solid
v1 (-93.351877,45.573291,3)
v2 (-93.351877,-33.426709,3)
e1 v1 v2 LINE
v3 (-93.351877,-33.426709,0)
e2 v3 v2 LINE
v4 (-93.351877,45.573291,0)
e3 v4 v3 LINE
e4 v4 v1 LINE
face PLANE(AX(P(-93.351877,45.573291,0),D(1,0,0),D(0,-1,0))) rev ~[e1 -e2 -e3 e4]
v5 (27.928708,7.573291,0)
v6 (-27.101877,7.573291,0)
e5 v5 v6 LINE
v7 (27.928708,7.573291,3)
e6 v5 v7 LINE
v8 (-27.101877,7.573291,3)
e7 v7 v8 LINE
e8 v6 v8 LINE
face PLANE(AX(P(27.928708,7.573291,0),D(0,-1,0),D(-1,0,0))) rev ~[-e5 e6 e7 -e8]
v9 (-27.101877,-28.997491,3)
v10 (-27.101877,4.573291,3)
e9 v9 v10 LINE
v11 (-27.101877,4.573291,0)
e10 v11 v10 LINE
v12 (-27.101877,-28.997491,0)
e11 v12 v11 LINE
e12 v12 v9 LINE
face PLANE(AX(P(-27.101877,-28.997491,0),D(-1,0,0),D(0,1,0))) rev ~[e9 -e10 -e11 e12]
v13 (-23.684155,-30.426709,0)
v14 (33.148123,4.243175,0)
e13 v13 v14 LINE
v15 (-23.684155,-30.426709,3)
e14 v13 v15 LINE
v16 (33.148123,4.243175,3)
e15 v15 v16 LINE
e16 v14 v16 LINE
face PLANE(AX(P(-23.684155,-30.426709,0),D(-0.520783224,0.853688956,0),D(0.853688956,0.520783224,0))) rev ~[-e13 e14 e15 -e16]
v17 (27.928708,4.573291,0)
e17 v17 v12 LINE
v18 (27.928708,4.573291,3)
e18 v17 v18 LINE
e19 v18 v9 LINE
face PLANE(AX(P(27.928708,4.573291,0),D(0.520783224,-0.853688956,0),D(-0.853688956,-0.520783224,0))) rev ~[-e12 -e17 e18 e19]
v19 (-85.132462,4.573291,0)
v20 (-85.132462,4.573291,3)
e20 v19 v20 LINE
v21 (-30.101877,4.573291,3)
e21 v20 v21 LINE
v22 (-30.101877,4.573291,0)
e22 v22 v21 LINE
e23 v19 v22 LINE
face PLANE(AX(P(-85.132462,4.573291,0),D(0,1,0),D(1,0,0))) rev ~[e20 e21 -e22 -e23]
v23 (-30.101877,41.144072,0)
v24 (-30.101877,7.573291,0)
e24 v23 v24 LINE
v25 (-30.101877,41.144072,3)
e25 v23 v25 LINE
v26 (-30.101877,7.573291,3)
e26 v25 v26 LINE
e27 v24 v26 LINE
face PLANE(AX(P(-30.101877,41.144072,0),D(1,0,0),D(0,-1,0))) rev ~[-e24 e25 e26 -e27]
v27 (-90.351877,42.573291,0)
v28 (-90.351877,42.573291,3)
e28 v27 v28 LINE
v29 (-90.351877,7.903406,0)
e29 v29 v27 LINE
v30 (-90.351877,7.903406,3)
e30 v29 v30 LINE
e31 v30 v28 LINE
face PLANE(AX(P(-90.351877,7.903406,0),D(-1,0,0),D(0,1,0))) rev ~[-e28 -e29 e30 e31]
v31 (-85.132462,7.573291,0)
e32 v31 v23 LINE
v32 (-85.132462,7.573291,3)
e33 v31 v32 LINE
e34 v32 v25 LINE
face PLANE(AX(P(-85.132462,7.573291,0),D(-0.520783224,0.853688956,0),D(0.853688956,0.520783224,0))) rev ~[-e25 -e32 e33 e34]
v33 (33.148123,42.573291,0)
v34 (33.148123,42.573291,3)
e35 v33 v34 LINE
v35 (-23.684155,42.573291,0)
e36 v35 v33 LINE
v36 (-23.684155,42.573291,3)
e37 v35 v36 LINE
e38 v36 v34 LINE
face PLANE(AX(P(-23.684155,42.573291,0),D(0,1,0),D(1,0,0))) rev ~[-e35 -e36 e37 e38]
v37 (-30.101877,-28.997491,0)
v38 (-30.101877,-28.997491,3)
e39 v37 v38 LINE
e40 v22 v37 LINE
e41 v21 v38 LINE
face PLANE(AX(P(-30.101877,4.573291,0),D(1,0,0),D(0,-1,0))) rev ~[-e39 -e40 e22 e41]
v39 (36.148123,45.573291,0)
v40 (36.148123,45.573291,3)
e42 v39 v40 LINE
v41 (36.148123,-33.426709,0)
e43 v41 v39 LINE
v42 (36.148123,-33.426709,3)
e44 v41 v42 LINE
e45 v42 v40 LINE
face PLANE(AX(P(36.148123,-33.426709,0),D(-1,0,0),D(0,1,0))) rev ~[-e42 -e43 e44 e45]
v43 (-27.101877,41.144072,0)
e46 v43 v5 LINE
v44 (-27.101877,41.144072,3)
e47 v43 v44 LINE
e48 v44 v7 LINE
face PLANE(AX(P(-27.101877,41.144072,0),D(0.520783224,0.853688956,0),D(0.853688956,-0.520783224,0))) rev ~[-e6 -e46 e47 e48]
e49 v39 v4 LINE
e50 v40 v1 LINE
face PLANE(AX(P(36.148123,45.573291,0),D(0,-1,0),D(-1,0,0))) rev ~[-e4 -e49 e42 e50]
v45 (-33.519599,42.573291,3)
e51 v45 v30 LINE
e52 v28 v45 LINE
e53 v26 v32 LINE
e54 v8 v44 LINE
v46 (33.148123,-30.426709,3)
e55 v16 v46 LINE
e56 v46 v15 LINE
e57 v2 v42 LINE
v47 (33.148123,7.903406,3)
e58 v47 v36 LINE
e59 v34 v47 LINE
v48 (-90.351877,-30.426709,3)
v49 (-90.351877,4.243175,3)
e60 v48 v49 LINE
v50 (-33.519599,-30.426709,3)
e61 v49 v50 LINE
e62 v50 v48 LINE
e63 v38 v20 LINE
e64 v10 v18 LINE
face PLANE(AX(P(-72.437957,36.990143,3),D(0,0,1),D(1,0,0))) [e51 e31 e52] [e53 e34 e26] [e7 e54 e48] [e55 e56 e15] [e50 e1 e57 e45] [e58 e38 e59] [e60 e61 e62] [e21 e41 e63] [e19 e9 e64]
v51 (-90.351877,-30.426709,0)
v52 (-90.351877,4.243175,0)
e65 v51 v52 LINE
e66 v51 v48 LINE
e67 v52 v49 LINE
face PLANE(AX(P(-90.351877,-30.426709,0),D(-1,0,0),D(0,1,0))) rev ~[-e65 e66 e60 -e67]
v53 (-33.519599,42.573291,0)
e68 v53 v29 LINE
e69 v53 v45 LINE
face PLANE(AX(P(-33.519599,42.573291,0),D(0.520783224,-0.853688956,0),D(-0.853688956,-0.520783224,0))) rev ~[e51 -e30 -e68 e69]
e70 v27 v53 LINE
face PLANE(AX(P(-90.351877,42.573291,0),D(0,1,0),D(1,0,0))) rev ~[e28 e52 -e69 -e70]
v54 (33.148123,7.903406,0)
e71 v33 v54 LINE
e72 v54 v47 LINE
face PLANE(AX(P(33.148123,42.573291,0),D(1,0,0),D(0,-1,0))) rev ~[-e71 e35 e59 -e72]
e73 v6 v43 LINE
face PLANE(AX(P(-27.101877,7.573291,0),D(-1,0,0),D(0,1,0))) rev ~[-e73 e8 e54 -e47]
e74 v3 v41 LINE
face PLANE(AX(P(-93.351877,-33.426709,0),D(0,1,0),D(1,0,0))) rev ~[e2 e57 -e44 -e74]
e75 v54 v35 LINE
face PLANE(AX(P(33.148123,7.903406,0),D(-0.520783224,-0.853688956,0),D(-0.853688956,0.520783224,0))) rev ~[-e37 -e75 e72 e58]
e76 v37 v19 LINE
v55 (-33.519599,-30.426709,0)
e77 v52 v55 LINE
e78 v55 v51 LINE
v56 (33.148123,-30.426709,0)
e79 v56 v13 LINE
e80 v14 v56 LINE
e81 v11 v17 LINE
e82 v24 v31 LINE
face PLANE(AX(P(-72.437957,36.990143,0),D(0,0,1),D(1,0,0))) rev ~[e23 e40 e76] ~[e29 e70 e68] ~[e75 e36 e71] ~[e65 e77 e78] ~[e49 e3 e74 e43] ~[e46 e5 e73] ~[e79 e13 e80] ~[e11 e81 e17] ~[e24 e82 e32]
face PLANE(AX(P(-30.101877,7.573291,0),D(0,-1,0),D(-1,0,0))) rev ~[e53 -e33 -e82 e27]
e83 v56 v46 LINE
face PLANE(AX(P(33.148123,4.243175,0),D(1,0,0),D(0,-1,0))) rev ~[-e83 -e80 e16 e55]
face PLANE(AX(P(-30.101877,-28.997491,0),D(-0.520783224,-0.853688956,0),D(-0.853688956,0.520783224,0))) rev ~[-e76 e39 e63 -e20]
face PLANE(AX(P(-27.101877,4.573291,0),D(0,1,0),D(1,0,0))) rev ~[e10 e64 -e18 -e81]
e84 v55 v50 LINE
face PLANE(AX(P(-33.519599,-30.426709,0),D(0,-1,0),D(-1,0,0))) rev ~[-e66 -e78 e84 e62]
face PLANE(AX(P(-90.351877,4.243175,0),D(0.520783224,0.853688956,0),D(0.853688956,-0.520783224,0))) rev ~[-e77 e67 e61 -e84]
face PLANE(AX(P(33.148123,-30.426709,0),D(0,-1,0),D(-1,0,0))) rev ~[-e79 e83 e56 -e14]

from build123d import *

# Parameters (mm, degrees)
F0_W     = 1.5
F0_H     = 1.5
F1_DEPTH = 3


with BuildPart() as f1:
    # F0 (on Top) → F1 (new body)
    with BuildSketch(Plane.XY):
        Polygon((-30.1018770039, 45.5732905269), (-93.3518770039, 45.5732905269), (-93.3518770039, 7.5732905269), (-90.8930162444, 7.5732905269), (-90.3518770039, 7.903406357), (-90.3518770039, 42.5732905269), (-33.5195985229, 42.5732905269), (-30.1018770039, 44.6582326118), align=None)
        Polygon((-30.1018770039, 42.5732905269), (-33.5195985229, 42.5732905269), (-90.3518770039, 7.903406357), (-90.3518770039, 7.5732905269), (-85.132462023, 7.5732905269), (-30.1018770039, 41.1440721215), align=None)
        Polygon((-28.6018770039, 45.5732905269), (-30.1018770039, 45.5732905269), (-30.1018770039, 44.6582326118), align=None)
        Polygon((-28.6018770039, 42.5732905269), (-28.6018770039, 45.5732905269), (-30.1018770039, 44.6582326118), (-30.1018770039, 42.5732905269), align=None)
        Polygon((-30.1018770039, 42.5732905269), (-30.1018770039, 44.6582326118), (-33.5195985229, 42.5732905269), align=None)
        Polygon((-28.6018770039, 42.0591300366), (-28.6018770039, 42.5732905269), (-30.1018770039, 42.5732905269), (-30.1018770039, 41.1440721215), align=None)
        Polygon((-27.1018770039, 42.5732905269), (-28.6018770039, 42.5732905269), (-28.6018770039, 42.0591300366), (-27.1018770039, 41.1440721215), align=None)
        Polygon((-27.1018770039, 44.6582326118), (-28.6018770039, 45.5732905269), (-28.6018770039, 42.5732905269), (-27.1018770039, 42.5732905269), align=None)
        Polygon((-27.1018770039, 45.5732905269), (-28.6018770039, 45.5732905269), (-27.1018770039, 44.6582326118), align=None)
        Polygon((36.1481229961, 45.5732905269), (-27.1018770039, 45.5732905269), (-27.1018770039, 44.6582326118), (-23.6841554849, 42.5732905269), (33.1481229961, 42.5732905269), (33.1481229961, 7.903406357), (33.6892622366, 7.5732905269), (36.1481229961, 7.5732905269), align=None)
        Polygon((-23.6841554849, 42.5732905269), (-27.1018770039, 44.6582326118), (-27.1018770039, 42.5732905269), align=None)
        Polygon((-23.6841554849, 42.5732905269), (-27.1018770039, 42.5732905269), (-27.1018770039, 41.1440721215), (27.9287080151, 7.5732905269), (33.1481229961, 7.5732905269), (33.1481229961, 7.903406357), align=None)
        Polygon((-28.6018770039, 7.5732905269), (-28.6018770039, 42.0591300366), (-30.1018770039, 41.1440721215), (-30.1018770039, 7.5732905269), align=None)
        Polygon((-27.1018770039, 41.1440721215), (-28.6018770039, 42.0591300366), (-28.6018770039, 7.5732905269), (-27.1018770039, 7.5732905269), align=None)
        Polygon((-85.132462023, 7.5732905269), (-87.5913227825, 6.0732905269), (-30.1018770039, 6.0732905269), (-30.1018770039, 7.5732905269), align=None)
        Polygon((-30.1018770039, 6.0732905269), (-87.5913227825, 6.0732905269), (-85.132462023, 4.5732905269), (-30.1018770039, 4.5732905269), align=None)
        with Locations((-29.3518770039, 6.8232905269)):
            Rectangle(F0_W, F0_H)
        with Locations((-27.8518770039, 6.8232905269)):
            Rectangle(F0_W, F0_H)
        with Locations((-27.8518770039, 5.3232905269)):
            Rectangle(F0_W, F0_H)
        with Locations((-29.3518770039, 5.3232905269)):
            Rectangle(F0_W, F0_H)
        Polygon((27.9287080151, 7.5732905269), (-27.1018770039, 7.5732905269), (-27.1018770039, 6.0732905269), (30.3875687746, 6.0732905269), align=None)
        Polygon((30.3875687746, 6.0732905269), (-27.1018770039, 6.0732905269), (-27.1018770039, 4.5732905269), (27.9287080151, 4.5732905269), align=None)
        Polygon((-27.1018770039, 4.5732905269), (-28.6018770039, 4.5732905269), (-28.6018770039, -29.9125489828), (-27.1018770039, -28.9974910678), align=None)
        Polygon((-28.6018770039, 4.5732905269), (-30.1018770039, 4.5732905269), (-30.1018770039, -28.9974910678), (-28.6018770039, -29.9125489828), align=None)
        Polygon((33.1481229961, 7.5732905269), (27.9287080151, 7.5732905269), (30.3875687746, 6.0732905269), (33.1481229961, 6.0732905269), align=None)
        Polygon((33.6892622366, 7.5732905269), (33.1481229961, 7.903406357), (33.1481229961, 7.5732905269), align=None)
        Polygon((33.1481229961, 6.0732905269), (36.1481229961, 6.0732905269), (33.6892622366, 7.5732905269), (33.1481229961, 7.5732905269), align=None)
        Polygon((36.1481229961, 6.0732905269), (36.1481229961, 7.5732905269), (33.6892622366, 7.5732905269), align=None)
        Polygon((33.6892622366, 4.5732905269), (36.1481229961, 6.0732905269), (33.1481229961, 6.0732905269), (33.1481229961, 4.5732905269), align=None)
        Polygon((36.1481229961, 4.5732905269), (36.1481229961, 6.0732905269), (33.6892622366, 4.5732905269), align=None)
        Polygon((33.1481229961, 4.5732905269), (33.1481229961, 6.0732905269), (30.3875687746, 6.0732905269), (27.9287080151, 4.5732905269), align=None)
        Polygon((-23.6841554849, -30.4267094731), (33.1481229961, 4.2431746968), (33.1481229961, 4.5732905269), (27.9287080151, 4.5732905269), (-27.1018770039, -28.9974910678), (-27.1018770039, -30.4267094731), align=None)
        Polygon((33.1481229961, 4.2431746968), (33.6892622366, 4.5732905269), (33.1481229961, 4.5732905269), align=None)
        Polygon((36.1481229961, -33.4267094731), (36.1481229961, 4.5732905269), (33.6892622366, 4.5732905269), (33.1481229961, 4.2431746968), (33.1481229961, -30.4267094731), (-23.6841554849, -30.4267094731), (-27.1018770039, -32.5116515581), (-27.1018770039, -33.4267094731), align=None)
        Polygon((-27.1018770039, -32.5116515581), (-28.6018770039, -33.4267094731), (-27.1018770039, -33.4267094731), align=None)
        Polygon((-28.6018770039, -30.4267094731), (-28.6018770039, -33.4267094731), (-27.1018770039, -32.5116515581), (-27.1018770039, -30.4267094731), align=None)
        Polygon((-27.1018770039, -30.4267094731), (-27.1018770039, -32.5116515581), (-23.6841554849, -30.4267094731), align=None)
        Polygon((-28.6018770039, -29.9125489828), (-28.6018770039, -30.4267094731), (-27.1018770039, -30.4267094731), (-27.1018770039, -28.9974910678), align=None)
        Polygon((-30.1018770039, -28.9974910678), (-30.1018770039, -30.4267094731), (-28.6018770039, -30.4267094731), (-28.6018770039, -29.9125489828), align=None)
        Polygon((-30.1018770039, -32.5116515581), (-28.6018770039, -33.4267094731), (-28.6018770039, -30.4267094731), (-30.1018770039, -30.4267094731), align=None)
        Polygon((-30.1018770039, -32.5116515581), (-30.1018770039, -33.4267094731), (-28.6018770039, -33.4267094731), align=None)
        Polygon((-90.8930162444, 4.5732905269), (-93.3518770039, 4.5732905269), (-93.3518770039, -33.4267094731), (-30.1018770039, -33.4267094731), (-30.1018770039, -32.5116515581), (-33.5195985229, -30.4267094731), (-90.3518770039, -30.4267094731), (-90.3518770039, 4.2431746968), align=None)
        Polygon((-30.1018770039, -30.4267094731), (-33.5195985229, -30.4267094731), (-30.1018770039, -32.5116515581), align=None)
        Polygon((-90.3518770039, 4.5732905269), (-90.3518770039, 4.2431746968), (-33.5195985229, -30.4267094731), (-30.1018770039, -30.4267094731), (-30.1018770039, -28.9974910678), (-85.132462023, 4.5732905269), align=None)
        Polygon((-90.3518770039, 7.903406357), (-90.8930162444, 7.5732905269), (-90.3518770039, 7.5732905269), align=None)
        Polygon((-90.3518770039, 4.5732905269), (-90.8930162444, 4.5732905269), (-90.3518770039, 4.2431746968), align=None)
        Polygon((-87.5913227825, 6.0732905269), (-90.3518770039, 6.0732905269), (-90.3518770039, 4.5732905269), (-85.132462023, 4.5732905269), align=None)
        Polygon((-90.3518770039, 7.5732905269), (-90.3518770039, 6.0732905269), (-87.5913227825, 6.0732905269), (-85.132462023, 7.5732905269), align=None)
        Polygon((-90.8930162444, 7.5732905269), (-93.3518770039, 6.0732905269), (-90.3518770039, 6.0732905269), (-90.3518770039, 7.5732905269), align=None)
        Polygon((-90.3518770039, 6.0732905269), (-93.3518770039, 6.0732905269), (-90.8930162444, 4.5732905269), (-90.3518770039, 4.5732905269), align=None)
        Polygon((-90.8930162444, 4.5732905269), (-93.3518770039, 6.0732905269), (-93.3518770039, 4.5732905269), align=None)
        Polygon((-90.8930162444, 7.5732905269), (-93.3518770039, 7.5732905269), (-93.3518770039, 6.0732905269), align=None)
    extrude(amount=F1_DEPTH)


solid = f1.part
